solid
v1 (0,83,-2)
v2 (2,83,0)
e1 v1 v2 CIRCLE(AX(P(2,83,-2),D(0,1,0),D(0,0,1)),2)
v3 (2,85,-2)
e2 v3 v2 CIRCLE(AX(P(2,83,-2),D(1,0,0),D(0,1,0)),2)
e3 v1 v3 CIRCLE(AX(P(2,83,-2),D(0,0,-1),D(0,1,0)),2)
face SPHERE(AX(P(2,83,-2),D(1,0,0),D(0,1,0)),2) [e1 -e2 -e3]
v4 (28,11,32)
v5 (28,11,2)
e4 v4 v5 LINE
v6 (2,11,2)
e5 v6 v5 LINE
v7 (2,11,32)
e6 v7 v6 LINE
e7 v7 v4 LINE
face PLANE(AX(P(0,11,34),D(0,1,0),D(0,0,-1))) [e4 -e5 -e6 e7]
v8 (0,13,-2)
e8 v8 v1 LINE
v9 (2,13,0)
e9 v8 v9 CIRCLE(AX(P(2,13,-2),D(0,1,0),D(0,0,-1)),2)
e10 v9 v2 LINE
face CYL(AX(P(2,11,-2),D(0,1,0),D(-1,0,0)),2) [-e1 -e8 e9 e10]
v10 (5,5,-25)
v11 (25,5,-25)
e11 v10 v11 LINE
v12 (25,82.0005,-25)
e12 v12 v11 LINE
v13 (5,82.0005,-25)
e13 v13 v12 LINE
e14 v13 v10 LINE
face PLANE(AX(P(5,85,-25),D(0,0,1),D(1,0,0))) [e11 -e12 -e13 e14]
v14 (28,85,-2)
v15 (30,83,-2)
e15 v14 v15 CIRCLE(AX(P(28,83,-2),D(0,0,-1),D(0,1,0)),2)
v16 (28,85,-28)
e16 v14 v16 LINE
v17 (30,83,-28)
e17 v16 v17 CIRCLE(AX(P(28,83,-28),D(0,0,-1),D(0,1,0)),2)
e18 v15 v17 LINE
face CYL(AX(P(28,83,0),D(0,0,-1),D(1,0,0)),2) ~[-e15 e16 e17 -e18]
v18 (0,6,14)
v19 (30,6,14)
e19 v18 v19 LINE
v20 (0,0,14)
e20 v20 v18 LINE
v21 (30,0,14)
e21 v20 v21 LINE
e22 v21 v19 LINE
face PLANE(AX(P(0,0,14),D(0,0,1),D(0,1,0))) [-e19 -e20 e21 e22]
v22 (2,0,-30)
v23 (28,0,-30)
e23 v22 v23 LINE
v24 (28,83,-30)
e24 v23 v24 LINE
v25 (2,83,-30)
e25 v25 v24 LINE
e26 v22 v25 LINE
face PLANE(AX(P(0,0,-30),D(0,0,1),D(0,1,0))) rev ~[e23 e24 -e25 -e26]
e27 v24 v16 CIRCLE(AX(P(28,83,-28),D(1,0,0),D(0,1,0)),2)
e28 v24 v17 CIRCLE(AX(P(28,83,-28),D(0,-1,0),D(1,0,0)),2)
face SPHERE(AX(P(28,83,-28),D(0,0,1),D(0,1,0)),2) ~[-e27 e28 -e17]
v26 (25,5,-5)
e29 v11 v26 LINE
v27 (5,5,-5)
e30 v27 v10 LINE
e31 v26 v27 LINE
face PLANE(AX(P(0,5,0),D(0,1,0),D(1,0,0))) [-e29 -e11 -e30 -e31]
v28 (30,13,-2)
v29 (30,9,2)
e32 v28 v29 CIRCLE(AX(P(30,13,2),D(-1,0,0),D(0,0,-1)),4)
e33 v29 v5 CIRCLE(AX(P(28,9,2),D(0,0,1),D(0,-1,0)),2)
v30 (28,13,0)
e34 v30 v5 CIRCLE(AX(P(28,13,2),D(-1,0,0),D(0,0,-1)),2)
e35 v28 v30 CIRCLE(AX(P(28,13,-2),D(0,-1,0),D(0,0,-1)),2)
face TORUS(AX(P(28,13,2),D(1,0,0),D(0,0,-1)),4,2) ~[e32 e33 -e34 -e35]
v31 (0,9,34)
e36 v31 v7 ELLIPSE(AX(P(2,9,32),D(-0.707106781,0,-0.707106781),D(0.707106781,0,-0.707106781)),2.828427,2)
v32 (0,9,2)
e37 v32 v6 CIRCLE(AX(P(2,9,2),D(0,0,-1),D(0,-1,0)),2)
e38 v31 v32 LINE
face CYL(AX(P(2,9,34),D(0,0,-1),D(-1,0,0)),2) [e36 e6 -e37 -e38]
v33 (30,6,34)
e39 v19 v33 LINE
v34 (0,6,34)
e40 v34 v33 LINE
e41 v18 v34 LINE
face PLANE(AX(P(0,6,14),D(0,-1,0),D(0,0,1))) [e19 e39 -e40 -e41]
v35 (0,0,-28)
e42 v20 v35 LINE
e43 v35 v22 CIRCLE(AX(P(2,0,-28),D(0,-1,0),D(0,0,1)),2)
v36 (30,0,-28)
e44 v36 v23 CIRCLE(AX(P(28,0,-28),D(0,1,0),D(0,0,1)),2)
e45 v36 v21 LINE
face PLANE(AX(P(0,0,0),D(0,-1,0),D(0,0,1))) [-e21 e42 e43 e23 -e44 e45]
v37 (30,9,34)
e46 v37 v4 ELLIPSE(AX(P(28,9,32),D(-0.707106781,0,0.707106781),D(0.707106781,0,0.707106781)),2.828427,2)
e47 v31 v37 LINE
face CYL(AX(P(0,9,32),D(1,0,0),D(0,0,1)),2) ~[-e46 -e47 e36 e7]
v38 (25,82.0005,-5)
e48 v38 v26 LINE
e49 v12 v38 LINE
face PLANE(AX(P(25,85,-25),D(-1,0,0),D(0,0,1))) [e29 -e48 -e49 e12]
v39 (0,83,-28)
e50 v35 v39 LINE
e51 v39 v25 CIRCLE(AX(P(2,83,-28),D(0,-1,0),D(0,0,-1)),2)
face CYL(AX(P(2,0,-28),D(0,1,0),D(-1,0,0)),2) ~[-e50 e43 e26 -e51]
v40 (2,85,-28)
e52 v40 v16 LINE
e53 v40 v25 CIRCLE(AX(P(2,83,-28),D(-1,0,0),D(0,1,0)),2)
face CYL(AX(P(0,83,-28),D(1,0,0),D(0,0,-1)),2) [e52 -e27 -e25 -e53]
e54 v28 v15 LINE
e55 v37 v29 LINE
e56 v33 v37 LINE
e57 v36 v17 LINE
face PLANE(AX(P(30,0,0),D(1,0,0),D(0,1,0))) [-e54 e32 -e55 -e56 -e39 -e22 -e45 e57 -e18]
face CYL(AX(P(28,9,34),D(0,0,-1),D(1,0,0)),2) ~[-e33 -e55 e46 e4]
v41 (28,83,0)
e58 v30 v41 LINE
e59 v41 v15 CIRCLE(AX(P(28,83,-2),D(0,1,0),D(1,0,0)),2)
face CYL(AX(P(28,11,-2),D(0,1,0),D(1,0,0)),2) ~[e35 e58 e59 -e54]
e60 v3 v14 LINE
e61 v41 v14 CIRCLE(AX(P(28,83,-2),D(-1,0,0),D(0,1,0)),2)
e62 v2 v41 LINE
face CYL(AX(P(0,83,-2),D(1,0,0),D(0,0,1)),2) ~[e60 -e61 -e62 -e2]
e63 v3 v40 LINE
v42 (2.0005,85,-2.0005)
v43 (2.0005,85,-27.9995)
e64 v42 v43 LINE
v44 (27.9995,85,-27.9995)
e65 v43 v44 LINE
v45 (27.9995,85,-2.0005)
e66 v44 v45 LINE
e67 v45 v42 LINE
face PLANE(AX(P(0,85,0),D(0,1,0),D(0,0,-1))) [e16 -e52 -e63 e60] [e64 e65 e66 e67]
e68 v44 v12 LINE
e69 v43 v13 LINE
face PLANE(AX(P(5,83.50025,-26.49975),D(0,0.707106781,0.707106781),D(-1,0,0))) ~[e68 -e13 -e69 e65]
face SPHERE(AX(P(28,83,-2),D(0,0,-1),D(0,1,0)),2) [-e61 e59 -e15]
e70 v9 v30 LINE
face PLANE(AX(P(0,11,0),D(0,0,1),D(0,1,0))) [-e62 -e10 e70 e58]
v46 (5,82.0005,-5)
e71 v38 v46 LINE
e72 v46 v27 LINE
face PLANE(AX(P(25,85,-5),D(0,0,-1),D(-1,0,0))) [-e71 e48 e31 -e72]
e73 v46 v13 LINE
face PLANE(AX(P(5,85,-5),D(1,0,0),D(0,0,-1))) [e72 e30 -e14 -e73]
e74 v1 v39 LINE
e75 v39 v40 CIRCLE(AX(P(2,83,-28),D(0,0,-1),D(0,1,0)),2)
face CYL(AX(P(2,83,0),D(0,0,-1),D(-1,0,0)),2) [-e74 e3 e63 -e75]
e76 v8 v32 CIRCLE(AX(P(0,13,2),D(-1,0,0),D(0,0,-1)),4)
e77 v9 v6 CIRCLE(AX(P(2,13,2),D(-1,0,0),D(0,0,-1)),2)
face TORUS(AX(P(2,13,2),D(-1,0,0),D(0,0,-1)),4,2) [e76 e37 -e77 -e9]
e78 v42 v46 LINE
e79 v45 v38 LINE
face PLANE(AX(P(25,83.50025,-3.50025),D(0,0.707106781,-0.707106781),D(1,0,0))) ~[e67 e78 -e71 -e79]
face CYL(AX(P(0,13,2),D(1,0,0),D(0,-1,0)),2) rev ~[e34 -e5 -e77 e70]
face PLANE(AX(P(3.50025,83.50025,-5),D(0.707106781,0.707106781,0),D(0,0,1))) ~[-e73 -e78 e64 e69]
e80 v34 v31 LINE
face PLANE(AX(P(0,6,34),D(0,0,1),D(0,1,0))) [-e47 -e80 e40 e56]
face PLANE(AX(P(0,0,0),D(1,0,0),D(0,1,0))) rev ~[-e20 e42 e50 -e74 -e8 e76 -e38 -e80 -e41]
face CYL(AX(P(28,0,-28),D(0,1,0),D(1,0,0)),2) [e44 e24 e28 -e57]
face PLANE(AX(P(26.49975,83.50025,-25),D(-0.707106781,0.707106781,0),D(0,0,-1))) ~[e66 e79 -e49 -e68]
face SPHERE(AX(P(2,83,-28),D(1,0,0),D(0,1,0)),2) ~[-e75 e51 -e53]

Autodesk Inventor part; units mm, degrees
ref_plane "YZ Plane" through (0, 0, 0) normal (1, 0, 0) x (0, 1, 0)
ref_plane "XZ Plane" through (0, 0, 0) normal (0, 1, 0) x (-1, 0, 0)
ref_plane "XY Plane" through (0, 0, 0) normal (0, 0, 1) x (1, 0, 0)
sketch "Sketch1" plane through (0, 0, 0) normal (1, 0, 0) x (0, 1, 0)
  line L0 (0, 0) -> (0, -30)
  line L1 (11, 0) -> (30, 0) construction
  line L2 (0, -30) -> (85, -30)
  line L3 (11, 0) -> (85, 0)
  line L4 (85, 0) -> (85, -30)
  line L5 (0, 0) -> (0, 14)
  line L6 (11, 0) -> (14, 0) construction
  line L7 (0, 14) -> (6, 14)
  line L8 (6, 14) -> (6, 34)
  line L9 (6, 34) -> (11, 34)
  line L10 (11, 34) -> (11, 0)
  dimension "d0" = 30
  dimension "d2" = 85
  dimension "d4" = 14
  dimension "d6" = 6
  dimension "d7" = 20
  dimension "d8" = 5
  dimension "d9" = 34
extrude "Extrusion1" add sketch "Sketch1" along normal blind 30
sketch "Sketch2" plane through (0, 85, 0) normal (0, 1, 0) x (1, 0, 0)
  line L0 (5, 5) -> (5, 25)
  line L1 (5, 5) -> (25, 5) construction
  line L2 (5, 25) -> (25, 25)
  line L3 (25, 25) -> (25, 5)
  line L4 (25, 5) -> (5, 5)
  point P0 (0, 0)
  dimension "d13" = 20
  dimension "d14" = 90
  dimension "d15" = 20
  dimension "d16" = 90
  dimension "d17" = 20
  dimension "d18" = 90
  dimension "d19" = 20
  dimension "d20" = 90
extrude "Extrusion2" cut sketch "Sketch2" against normal blind 80
fillet "Fillet1" radius 2 12 edges at (30, 85, -15) (15, 85, 0) (15, 85, -30) (0, 85, -15) (30, 48, 0) (30, 42.5, -30) (0, 48, 0) (0, 42.5, -30) (0, 11, 17) (15, 11, 34) (30, 11, 17) (15, 11, 0)
chamfer "Chamfer1" distance 3 angle 45 4 edges at (15, 85, -5) (5, 85, -15) (15, 85, -25) (25, 85, -15)
properties part number "flexibler_standfuß_v0.5"
